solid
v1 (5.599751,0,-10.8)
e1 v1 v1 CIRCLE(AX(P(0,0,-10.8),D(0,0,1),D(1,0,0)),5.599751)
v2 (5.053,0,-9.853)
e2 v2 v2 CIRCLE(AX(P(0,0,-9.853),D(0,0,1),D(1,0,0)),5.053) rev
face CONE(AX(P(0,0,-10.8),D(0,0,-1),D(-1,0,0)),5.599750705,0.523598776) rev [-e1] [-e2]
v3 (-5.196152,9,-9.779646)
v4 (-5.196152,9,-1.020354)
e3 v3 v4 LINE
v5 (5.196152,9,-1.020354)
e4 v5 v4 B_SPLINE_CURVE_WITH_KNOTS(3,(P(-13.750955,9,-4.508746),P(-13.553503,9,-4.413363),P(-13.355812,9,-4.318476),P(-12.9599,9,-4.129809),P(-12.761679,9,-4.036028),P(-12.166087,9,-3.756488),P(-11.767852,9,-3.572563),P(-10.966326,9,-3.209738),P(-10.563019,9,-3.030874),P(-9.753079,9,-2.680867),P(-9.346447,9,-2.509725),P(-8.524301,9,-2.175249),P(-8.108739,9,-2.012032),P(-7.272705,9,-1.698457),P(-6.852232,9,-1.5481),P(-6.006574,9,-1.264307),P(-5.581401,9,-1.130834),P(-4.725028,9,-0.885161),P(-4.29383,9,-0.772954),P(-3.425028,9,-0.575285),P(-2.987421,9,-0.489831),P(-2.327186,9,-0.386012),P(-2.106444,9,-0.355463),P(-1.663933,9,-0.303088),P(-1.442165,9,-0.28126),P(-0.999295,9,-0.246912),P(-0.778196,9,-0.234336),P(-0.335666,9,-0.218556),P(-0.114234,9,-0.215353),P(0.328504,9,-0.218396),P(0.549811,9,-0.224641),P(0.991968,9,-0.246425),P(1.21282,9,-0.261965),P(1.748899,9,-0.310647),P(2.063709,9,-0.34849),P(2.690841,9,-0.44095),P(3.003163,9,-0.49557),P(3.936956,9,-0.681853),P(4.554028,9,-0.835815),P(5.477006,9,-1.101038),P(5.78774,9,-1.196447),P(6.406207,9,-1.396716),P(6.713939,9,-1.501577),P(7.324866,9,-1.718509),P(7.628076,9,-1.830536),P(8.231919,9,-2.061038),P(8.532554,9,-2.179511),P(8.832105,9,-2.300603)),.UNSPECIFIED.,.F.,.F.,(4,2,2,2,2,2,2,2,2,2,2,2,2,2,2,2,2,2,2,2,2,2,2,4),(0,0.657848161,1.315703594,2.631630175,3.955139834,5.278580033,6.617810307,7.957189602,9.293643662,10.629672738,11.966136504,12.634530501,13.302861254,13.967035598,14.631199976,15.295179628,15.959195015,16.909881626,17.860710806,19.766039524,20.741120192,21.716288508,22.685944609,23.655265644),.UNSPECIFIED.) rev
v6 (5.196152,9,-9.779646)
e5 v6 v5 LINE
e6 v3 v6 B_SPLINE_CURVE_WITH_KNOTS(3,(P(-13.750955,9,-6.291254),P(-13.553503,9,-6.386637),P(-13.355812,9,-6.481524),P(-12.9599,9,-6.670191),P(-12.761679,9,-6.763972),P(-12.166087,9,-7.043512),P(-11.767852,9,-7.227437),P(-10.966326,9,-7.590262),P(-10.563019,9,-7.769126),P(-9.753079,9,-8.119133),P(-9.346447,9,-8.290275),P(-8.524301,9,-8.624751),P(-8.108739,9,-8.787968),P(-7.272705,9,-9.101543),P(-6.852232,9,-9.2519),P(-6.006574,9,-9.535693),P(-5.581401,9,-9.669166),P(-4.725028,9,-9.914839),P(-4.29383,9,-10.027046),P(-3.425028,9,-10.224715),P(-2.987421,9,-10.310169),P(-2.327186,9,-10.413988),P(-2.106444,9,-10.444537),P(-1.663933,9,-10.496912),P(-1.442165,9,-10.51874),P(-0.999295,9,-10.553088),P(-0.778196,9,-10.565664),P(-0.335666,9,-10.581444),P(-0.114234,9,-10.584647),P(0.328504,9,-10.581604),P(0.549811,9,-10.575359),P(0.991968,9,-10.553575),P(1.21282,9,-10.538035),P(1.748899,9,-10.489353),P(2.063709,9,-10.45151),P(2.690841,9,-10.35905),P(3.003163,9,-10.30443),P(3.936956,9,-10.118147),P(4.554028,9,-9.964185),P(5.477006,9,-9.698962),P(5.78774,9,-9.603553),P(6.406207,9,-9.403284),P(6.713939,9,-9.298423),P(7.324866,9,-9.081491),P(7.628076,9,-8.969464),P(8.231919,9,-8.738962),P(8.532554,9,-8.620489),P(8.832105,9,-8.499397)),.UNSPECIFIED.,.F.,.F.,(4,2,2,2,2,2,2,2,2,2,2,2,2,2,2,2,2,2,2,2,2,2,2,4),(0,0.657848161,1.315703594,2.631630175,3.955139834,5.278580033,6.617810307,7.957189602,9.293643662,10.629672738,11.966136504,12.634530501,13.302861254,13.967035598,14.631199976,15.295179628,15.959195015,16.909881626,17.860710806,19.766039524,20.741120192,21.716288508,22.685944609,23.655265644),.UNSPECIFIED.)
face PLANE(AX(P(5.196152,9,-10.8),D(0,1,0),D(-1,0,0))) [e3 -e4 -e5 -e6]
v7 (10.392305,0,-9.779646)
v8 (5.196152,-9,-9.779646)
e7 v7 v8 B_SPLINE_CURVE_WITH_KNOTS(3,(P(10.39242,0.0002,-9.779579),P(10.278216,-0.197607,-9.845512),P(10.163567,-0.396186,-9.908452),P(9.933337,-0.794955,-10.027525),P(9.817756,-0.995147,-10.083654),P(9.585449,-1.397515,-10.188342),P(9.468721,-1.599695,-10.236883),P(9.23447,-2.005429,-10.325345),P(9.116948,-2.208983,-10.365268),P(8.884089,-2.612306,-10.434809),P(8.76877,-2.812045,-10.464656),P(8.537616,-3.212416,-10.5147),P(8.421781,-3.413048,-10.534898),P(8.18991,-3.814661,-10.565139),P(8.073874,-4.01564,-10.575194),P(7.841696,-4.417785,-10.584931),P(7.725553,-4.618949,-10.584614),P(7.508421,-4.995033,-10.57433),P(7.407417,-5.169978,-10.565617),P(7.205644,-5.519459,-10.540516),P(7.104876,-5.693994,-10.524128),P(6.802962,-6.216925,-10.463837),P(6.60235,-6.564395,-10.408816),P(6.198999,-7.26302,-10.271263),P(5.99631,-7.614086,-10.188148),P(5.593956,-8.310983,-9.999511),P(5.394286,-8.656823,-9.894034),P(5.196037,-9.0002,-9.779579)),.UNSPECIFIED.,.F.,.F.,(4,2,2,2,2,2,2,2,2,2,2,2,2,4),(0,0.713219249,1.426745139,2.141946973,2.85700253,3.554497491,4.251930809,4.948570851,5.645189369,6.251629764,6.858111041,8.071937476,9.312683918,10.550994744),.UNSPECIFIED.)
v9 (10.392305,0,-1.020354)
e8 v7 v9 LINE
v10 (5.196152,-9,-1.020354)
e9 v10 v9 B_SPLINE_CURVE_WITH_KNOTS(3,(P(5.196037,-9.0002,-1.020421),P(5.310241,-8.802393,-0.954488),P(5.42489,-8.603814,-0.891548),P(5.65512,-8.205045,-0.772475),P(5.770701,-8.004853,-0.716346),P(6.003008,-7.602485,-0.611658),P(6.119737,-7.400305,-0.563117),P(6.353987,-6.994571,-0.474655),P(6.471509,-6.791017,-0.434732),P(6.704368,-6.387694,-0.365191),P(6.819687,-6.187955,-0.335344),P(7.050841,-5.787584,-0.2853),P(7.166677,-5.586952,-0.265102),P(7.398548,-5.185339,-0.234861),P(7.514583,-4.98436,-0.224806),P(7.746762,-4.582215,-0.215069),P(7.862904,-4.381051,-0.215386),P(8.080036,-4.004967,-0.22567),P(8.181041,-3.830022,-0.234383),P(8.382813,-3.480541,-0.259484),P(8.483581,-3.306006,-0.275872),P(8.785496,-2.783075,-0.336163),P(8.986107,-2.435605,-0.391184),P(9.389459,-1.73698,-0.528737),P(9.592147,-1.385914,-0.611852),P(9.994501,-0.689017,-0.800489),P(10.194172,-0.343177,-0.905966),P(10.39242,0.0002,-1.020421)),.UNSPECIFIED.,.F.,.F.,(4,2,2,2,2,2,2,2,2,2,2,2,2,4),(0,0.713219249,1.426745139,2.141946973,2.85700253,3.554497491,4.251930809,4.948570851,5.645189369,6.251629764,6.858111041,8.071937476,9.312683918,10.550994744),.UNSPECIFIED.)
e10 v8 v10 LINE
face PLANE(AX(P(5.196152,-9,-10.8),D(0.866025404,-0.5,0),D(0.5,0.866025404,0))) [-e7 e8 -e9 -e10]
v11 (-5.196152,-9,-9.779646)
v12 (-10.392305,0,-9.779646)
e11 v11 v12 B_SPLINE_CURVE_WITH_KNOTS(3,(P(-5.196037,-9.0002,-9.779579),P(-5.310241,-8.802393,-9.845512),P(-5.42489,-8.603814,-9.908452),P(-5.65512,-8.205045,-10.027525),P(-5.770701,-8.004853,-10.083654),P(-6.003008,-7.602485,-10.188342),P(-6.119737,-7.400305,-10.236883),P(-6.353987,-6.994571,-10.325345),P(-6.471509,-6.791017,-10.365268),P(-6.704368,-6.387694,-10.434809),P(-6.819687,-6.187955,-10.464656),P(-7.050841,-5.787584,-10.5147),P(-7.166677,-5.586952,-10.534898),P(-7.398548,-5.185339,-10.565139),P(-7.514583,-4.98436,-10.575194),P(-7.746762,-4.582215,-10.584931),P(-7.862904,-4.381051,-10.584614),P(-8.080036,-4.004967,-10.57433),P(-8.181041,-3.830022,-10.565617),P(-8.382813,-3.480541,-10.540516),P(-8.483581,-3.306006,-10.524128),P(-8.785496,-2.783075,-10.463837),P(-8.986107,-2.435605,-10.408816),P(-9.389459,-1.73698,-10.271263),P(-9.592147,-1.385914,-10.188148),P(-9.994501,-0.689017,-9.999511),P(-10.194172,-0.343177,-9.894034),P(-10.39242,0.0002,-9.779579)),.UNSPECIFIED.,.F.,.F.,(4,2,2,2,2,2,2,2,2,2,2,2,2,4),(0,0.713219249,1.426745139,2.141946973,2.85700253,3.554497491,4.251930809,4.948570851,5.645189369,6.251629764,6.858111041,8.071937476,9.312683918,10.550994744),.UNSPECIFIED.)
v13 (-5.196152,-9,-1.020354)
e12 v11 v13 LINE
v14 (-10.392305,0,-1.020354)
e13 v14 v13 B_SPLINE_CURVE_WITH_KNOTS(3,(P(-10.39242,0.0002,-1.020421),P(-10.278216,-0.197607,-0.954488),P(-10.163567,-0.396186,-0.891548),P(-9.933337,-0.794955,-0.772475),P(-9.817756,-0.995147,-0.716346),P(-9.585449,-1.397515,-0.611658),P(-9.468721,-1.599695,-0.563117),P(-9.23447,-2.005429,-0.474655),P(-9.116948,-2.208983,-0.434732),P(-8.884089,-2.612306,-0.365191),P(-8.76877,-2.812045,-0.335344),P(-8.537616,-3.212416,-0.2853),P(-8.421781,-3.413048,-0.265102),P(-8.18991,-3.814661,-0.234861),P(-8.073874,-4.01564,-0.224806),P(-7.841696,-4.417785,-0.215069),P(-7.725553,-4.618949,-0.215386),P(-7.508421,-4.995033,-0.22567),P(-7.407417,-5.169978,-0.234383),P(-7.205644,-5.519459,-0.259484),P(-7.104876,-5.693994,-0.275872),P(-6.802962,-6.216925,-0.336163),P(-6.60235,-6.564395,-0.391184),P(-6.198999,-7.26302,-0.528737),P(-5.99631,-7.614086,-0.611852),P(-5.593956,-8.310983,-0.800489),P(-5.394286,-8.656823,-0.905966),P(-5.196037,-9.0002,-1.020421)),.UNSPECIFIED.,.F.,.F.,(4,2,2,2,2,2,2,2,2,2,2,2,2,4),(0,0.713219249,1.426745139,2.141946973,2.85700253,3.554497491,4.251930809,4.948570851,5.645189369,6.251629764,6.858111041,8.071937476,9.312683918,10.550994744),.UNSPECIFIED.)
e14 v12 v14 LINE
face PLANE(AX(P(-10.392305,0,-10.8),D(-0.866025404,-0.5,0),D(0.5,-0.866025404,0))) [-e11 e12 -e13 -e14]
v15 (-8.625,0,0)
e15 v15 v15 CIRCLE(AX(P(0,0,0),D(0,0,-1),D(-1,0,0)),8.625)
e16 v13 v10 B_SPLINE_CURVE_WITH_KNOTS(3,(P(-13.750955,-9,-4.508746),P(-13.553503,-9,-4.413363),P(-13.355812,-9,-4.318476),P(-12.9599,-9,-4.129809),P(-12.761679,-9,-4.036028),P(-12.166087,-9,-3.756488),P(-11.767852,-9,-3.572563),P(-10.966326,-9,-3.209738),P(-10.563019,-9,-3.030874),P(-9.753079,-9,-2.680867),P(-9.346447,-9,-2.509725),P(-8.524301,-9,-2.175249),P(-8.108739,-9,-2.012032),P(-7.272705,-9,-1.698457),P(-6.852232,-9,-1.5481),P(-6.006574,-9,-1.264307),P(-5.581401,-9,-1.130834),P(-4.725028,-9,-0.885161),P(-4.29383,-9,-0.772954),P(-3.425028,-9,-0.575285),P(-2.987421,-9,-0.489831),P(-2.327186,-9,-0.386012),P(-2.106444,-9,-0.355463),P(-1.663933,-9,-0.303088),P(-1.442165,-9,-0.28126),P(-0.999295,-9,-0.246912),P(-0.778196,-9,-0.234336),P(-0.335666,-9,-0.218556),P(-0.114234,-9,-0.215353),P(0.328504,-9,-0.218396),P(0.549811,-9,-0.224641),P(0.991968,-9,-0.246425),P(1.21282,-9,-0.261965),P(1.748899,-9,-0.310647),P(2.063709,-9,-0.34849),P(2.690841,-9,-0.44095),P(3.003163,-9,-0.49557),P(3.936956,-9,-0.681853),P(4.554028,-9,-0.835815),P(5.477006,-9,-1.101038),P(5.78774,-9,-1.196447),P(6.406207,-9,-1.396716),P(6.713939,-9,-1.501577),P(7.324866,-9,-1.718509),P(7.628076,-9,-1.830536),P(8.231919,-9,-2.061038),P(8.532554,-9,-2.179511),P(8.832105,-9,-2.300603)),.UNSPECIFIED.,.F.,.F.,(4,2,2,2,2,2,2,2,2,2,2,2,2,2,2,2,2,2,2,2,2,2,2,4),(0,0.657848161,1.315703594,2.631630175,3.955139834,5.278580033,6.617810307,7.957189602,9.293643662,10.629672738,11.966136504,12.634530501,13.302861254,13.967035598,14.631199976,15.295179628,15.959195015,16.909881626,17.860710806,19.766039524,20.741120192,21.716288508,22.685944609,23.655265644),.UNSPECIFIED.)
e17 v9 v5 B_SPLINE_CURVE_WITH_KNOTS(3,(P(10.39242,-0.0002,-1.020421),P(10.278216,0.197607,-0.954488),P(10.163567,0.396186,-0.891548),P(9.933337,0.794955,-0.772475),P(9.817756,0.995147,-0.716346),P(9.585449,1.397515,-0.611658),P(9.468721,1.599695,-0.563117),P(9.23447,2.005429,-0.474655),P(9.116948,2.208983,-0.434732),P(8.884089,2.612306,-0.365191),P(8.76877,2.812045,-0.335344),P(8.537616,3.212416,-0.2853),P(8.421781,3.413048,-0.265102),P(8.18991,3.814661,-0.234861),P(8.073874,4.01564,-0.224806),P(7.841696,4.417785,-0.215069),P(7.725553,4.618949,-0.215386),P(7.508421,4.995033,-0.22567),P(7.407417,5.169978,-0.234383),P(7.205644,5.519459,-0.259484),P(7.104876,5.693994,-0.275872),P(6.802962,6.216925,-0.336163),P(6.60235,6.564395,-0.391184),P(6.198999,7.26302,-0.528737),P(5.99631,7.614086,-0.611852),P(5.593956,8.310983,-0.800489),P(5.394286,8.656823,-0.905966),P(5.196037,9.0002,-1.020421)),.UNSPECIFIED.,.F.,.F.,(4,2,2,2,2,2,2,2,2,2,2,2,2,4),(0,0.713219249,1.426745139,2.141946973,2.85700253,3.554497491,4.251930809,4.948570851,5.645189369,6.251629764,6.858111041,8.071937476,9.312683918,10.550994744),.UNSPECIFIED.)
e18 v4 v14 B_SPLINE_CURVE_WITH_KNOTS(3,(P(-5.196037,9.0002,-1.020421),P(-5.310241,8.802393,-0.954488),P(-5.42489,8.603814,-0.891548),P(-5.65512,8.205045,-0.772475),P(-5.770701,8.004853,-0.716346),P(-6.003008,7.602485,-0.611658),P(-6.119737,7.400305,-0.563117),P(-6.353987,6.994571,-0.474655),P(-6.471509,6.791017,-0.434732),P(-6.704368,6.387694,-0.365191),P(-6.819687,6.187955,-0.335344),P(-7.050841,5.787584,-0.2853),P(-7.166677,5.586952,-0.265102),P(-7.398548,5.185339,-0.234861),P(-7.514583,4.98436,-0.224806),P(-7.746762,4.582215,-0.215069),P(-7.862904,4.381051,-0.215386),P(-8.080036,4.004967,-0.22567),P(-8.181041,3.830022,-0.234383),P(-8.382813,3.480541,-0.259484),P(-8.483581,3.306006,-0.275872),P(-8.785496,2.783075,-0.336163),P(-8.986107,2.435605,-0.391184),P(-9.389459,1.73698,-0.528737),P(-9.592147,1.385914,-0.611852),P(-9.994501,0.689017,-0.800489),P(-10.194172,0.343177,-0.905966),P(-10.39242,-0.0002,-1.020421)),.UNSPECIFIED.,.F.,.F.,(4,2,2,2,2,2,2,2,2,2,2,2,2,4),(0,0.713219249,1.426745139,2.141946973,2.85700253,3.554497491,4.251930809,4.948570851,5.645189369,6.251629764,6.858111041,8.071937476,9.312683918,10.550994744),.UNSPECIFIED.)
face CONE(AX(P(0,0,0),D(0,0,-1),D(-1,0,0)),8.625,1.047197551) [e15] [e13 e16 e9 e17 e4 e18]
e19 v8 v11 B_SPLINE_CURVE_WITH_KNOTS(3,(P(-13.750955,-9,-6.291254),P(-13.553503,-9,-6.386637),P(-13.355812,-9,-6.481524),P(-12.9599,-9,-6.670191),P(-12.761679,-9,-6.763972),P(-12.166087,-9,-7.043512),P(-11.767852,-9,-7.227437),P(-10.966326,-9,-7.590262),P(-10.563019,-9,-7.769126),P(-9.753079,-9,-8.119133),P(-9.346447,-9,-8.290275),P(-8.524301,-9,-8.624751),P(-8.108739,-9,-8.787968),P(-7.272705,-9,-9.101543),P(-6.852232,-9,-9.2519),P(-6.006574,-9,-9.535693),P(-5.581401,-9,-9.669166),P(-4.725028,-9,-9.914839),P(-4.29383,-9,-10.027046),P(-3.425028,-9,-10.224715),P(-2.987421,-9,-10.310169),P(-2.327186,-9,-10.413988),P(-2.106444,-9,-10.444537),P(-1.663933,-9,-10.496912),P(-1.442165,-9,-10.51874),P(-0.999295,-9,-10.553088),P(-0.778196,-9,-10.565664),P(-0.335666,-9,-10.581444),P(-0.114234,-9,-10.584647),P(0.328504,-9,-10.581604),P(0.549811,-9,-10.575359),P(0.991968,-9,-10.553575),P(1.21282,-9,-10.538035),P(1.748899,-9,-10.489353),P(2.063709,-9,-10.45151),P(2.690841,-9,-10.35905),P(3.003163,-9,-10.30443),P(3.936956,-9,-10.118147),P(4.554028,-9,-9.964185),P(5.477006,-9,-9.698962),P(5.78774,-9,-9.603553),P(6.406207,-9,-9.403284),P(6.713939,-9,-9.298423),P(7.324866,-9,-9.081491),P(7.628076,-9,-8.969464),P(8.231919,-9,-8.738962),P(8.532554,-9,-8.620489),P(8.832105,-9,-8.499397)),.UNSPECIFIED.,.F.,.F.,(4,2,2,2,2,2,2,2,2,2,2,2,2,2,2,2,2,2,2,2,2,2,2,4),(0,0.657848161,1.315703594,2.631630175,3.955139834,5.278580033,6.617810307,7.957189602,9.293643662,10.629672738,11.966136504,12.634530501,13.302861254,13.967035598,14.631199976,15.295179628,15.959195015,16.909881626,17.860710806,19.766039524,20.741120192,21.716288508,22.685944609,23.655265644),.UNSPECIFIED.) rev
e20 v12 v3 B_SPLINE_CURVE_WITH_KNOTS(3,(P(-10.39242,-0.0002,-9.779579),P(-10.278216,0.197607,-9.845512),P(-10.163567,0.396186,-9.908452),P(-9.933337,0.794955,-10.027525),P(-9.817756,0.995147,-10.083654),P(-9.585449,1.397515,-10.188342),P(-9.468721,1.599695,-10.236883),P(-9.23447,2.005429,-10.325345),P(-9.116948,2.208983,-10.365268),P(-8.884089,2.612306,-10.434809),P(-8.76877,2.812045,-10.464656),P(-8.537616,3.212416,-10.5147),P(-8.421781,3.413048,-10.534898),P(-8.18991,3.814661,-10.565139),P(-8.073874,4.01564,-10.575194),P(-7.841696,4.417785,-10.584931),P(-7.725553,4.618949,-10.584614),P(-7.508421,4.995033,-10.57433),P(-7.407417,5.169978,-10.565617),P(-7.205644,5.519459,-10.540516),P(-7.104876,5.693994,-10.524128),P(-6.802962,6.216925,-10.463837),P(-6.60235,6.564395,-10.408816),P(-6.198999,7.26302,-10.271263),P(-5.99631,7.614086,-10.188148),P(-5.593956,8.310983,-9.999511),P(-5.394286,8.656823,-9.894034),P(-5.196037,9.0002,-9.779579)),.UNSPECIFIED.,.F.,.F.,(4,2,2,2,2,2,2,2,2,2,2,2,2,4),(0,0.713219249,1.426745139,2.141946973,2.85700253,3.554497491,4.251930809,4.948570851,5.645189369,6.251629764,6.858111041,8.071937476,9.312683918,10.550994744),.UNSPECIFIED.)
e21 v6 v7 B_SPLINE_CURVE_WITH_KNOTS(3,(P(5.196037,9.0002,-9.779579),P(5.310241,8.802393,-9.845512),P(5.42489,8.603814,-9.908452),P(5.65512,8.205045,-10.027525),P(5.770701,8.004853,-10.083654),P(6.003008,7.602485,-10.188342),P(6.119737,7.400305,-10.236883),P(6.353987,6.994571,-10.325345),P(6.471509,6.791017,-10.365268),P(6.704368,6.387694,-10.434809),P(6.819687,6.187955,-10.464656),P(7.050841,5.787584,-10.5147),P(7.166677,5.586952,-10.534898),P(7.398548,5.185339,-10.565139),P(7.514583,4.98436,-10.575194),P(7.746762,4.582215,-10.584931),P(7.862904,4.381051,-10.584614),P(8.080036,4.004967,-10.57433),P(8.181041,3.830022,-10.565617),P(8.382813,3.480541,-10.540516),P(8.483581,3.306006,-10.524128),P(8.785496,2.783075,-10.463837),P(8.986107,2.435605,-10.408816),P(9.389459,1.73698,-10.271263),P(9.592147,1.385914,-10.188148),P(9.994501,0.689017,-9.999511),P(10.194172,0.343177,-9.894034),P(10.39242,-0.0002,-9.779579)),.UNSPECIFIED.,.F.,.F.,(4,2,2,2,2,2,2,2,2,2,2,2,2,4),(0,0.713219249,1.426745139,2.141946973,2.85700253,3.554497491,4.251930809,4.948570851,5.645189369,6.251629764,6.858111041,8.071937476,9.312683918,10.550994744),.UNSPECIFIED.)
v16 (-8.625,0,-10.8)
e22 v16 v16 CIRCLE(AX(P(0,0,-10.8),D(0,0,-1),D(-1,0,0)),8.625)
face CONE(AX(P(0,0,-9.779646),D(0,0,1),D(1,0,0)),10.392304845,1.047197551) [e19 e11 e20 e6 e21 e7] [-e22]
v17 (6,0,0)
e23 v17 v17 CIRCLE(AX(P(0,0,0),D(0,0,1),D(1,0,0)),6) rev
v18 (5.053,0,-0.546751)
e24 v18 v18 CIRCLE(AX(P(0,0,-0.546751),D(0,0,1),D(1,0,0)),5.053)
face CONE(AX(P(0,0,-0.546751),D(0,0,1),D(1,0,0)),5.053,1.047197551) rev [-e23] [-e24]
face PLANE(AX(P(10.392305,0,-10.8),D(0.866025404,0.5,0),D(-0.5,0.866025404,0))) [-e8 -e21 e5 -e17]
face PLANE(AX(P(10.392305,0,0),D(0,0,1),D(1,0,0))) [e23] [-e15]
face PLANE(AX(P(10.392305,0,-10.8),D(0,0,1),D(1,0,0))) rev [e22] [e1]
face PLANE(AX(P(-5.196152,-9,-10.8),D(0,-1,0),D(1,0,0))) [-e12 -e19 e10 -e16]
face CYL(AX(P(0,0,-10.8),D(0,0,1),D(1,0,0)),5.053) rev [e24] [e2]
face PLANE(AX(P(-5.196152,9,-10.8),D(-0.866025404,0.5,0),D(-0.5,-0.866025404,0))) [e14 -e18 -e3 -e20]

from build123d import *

# Parameters (mm, degrees)
SKETCH1_R               = 5.053
BASENUT_DEPTH           = 10.8
ENDCHAMFER_SIZE         = 0.947
ENDCHAMFER_SIZE2        = 0.546750705
ENDCHAMFER_PART_2_SIZE  = 0.947
ENDCHAMFER_PART_2_SIZE2 = 0.546750705


with BuildPart() as part:
    # Sketch1 → BaseNut (new body)
    with BuildSketch(Plane.XY):
        Polygon((10.392304845, 0), (5.196152423, 9), (-5.196152423, 9), (-10.392304845, 0), (-5.196152423, -9), (5.196152423, -9), align=None)
        Circle(SKETCH1_R, mode=Mode.SUBTRACT)
    extrude(amount=-BASENUT_DEPTH)

    # Sketch2 → Double-Chamfer (revolve, cut)
    with BuildSketch(Plane(origin=(0, 0, 0), x_dir=(1, 0, 0), z_dir=(0, 1, 0))):
        Polygon((-10.392304845, 10.8), (-8.625, 10.8), (-10.392304845, 9.779646072), align=None)
        Polygon((-10.392304845, 1.020353928), (-10.392304845, 0), (-8.625, 0), align=None)
    revolve(axis=Axis((0, 0, -3.375940562), (0, 0, 1)), mode=Mode.SUBTRACT)

    # EndChamfer
    endchamfer_edges = [part.edges().sort_by_distance(p)[0] for p in [
        (-5.053, 0, -10.8),
    ]]
    endchamfer_side = [part.faces().sort_by_distance(p)[0] for p in [
        (-5.053, 0, -5.4),
    ]]
    chamfer(endchamfer_edges, length=ENDCHAMFER_SIZE, length2=ENDCHAMFER_SIZE2, reference=endchamfer_side[0])

    # EndChamfer part 2
    endchamfer_part_2_edges = [part.edges().sort_by_distance(p)[0] for p in [
        (-5.053, 0, 0),
    ]]
    endchamfer_part_2_side = [part.faces().sort_by_distance(p)[0] for p in [
        (8.38104816, 0, 0),
    ]]
    chamfer(endchamfer_part_2_edges, length=ENDCHAMFER_PART_2_SIZE, length2=ENDCHAMFER_PART_2_SIZE2, reference=endchamfer_part_2_side[0])


solid = part.part
